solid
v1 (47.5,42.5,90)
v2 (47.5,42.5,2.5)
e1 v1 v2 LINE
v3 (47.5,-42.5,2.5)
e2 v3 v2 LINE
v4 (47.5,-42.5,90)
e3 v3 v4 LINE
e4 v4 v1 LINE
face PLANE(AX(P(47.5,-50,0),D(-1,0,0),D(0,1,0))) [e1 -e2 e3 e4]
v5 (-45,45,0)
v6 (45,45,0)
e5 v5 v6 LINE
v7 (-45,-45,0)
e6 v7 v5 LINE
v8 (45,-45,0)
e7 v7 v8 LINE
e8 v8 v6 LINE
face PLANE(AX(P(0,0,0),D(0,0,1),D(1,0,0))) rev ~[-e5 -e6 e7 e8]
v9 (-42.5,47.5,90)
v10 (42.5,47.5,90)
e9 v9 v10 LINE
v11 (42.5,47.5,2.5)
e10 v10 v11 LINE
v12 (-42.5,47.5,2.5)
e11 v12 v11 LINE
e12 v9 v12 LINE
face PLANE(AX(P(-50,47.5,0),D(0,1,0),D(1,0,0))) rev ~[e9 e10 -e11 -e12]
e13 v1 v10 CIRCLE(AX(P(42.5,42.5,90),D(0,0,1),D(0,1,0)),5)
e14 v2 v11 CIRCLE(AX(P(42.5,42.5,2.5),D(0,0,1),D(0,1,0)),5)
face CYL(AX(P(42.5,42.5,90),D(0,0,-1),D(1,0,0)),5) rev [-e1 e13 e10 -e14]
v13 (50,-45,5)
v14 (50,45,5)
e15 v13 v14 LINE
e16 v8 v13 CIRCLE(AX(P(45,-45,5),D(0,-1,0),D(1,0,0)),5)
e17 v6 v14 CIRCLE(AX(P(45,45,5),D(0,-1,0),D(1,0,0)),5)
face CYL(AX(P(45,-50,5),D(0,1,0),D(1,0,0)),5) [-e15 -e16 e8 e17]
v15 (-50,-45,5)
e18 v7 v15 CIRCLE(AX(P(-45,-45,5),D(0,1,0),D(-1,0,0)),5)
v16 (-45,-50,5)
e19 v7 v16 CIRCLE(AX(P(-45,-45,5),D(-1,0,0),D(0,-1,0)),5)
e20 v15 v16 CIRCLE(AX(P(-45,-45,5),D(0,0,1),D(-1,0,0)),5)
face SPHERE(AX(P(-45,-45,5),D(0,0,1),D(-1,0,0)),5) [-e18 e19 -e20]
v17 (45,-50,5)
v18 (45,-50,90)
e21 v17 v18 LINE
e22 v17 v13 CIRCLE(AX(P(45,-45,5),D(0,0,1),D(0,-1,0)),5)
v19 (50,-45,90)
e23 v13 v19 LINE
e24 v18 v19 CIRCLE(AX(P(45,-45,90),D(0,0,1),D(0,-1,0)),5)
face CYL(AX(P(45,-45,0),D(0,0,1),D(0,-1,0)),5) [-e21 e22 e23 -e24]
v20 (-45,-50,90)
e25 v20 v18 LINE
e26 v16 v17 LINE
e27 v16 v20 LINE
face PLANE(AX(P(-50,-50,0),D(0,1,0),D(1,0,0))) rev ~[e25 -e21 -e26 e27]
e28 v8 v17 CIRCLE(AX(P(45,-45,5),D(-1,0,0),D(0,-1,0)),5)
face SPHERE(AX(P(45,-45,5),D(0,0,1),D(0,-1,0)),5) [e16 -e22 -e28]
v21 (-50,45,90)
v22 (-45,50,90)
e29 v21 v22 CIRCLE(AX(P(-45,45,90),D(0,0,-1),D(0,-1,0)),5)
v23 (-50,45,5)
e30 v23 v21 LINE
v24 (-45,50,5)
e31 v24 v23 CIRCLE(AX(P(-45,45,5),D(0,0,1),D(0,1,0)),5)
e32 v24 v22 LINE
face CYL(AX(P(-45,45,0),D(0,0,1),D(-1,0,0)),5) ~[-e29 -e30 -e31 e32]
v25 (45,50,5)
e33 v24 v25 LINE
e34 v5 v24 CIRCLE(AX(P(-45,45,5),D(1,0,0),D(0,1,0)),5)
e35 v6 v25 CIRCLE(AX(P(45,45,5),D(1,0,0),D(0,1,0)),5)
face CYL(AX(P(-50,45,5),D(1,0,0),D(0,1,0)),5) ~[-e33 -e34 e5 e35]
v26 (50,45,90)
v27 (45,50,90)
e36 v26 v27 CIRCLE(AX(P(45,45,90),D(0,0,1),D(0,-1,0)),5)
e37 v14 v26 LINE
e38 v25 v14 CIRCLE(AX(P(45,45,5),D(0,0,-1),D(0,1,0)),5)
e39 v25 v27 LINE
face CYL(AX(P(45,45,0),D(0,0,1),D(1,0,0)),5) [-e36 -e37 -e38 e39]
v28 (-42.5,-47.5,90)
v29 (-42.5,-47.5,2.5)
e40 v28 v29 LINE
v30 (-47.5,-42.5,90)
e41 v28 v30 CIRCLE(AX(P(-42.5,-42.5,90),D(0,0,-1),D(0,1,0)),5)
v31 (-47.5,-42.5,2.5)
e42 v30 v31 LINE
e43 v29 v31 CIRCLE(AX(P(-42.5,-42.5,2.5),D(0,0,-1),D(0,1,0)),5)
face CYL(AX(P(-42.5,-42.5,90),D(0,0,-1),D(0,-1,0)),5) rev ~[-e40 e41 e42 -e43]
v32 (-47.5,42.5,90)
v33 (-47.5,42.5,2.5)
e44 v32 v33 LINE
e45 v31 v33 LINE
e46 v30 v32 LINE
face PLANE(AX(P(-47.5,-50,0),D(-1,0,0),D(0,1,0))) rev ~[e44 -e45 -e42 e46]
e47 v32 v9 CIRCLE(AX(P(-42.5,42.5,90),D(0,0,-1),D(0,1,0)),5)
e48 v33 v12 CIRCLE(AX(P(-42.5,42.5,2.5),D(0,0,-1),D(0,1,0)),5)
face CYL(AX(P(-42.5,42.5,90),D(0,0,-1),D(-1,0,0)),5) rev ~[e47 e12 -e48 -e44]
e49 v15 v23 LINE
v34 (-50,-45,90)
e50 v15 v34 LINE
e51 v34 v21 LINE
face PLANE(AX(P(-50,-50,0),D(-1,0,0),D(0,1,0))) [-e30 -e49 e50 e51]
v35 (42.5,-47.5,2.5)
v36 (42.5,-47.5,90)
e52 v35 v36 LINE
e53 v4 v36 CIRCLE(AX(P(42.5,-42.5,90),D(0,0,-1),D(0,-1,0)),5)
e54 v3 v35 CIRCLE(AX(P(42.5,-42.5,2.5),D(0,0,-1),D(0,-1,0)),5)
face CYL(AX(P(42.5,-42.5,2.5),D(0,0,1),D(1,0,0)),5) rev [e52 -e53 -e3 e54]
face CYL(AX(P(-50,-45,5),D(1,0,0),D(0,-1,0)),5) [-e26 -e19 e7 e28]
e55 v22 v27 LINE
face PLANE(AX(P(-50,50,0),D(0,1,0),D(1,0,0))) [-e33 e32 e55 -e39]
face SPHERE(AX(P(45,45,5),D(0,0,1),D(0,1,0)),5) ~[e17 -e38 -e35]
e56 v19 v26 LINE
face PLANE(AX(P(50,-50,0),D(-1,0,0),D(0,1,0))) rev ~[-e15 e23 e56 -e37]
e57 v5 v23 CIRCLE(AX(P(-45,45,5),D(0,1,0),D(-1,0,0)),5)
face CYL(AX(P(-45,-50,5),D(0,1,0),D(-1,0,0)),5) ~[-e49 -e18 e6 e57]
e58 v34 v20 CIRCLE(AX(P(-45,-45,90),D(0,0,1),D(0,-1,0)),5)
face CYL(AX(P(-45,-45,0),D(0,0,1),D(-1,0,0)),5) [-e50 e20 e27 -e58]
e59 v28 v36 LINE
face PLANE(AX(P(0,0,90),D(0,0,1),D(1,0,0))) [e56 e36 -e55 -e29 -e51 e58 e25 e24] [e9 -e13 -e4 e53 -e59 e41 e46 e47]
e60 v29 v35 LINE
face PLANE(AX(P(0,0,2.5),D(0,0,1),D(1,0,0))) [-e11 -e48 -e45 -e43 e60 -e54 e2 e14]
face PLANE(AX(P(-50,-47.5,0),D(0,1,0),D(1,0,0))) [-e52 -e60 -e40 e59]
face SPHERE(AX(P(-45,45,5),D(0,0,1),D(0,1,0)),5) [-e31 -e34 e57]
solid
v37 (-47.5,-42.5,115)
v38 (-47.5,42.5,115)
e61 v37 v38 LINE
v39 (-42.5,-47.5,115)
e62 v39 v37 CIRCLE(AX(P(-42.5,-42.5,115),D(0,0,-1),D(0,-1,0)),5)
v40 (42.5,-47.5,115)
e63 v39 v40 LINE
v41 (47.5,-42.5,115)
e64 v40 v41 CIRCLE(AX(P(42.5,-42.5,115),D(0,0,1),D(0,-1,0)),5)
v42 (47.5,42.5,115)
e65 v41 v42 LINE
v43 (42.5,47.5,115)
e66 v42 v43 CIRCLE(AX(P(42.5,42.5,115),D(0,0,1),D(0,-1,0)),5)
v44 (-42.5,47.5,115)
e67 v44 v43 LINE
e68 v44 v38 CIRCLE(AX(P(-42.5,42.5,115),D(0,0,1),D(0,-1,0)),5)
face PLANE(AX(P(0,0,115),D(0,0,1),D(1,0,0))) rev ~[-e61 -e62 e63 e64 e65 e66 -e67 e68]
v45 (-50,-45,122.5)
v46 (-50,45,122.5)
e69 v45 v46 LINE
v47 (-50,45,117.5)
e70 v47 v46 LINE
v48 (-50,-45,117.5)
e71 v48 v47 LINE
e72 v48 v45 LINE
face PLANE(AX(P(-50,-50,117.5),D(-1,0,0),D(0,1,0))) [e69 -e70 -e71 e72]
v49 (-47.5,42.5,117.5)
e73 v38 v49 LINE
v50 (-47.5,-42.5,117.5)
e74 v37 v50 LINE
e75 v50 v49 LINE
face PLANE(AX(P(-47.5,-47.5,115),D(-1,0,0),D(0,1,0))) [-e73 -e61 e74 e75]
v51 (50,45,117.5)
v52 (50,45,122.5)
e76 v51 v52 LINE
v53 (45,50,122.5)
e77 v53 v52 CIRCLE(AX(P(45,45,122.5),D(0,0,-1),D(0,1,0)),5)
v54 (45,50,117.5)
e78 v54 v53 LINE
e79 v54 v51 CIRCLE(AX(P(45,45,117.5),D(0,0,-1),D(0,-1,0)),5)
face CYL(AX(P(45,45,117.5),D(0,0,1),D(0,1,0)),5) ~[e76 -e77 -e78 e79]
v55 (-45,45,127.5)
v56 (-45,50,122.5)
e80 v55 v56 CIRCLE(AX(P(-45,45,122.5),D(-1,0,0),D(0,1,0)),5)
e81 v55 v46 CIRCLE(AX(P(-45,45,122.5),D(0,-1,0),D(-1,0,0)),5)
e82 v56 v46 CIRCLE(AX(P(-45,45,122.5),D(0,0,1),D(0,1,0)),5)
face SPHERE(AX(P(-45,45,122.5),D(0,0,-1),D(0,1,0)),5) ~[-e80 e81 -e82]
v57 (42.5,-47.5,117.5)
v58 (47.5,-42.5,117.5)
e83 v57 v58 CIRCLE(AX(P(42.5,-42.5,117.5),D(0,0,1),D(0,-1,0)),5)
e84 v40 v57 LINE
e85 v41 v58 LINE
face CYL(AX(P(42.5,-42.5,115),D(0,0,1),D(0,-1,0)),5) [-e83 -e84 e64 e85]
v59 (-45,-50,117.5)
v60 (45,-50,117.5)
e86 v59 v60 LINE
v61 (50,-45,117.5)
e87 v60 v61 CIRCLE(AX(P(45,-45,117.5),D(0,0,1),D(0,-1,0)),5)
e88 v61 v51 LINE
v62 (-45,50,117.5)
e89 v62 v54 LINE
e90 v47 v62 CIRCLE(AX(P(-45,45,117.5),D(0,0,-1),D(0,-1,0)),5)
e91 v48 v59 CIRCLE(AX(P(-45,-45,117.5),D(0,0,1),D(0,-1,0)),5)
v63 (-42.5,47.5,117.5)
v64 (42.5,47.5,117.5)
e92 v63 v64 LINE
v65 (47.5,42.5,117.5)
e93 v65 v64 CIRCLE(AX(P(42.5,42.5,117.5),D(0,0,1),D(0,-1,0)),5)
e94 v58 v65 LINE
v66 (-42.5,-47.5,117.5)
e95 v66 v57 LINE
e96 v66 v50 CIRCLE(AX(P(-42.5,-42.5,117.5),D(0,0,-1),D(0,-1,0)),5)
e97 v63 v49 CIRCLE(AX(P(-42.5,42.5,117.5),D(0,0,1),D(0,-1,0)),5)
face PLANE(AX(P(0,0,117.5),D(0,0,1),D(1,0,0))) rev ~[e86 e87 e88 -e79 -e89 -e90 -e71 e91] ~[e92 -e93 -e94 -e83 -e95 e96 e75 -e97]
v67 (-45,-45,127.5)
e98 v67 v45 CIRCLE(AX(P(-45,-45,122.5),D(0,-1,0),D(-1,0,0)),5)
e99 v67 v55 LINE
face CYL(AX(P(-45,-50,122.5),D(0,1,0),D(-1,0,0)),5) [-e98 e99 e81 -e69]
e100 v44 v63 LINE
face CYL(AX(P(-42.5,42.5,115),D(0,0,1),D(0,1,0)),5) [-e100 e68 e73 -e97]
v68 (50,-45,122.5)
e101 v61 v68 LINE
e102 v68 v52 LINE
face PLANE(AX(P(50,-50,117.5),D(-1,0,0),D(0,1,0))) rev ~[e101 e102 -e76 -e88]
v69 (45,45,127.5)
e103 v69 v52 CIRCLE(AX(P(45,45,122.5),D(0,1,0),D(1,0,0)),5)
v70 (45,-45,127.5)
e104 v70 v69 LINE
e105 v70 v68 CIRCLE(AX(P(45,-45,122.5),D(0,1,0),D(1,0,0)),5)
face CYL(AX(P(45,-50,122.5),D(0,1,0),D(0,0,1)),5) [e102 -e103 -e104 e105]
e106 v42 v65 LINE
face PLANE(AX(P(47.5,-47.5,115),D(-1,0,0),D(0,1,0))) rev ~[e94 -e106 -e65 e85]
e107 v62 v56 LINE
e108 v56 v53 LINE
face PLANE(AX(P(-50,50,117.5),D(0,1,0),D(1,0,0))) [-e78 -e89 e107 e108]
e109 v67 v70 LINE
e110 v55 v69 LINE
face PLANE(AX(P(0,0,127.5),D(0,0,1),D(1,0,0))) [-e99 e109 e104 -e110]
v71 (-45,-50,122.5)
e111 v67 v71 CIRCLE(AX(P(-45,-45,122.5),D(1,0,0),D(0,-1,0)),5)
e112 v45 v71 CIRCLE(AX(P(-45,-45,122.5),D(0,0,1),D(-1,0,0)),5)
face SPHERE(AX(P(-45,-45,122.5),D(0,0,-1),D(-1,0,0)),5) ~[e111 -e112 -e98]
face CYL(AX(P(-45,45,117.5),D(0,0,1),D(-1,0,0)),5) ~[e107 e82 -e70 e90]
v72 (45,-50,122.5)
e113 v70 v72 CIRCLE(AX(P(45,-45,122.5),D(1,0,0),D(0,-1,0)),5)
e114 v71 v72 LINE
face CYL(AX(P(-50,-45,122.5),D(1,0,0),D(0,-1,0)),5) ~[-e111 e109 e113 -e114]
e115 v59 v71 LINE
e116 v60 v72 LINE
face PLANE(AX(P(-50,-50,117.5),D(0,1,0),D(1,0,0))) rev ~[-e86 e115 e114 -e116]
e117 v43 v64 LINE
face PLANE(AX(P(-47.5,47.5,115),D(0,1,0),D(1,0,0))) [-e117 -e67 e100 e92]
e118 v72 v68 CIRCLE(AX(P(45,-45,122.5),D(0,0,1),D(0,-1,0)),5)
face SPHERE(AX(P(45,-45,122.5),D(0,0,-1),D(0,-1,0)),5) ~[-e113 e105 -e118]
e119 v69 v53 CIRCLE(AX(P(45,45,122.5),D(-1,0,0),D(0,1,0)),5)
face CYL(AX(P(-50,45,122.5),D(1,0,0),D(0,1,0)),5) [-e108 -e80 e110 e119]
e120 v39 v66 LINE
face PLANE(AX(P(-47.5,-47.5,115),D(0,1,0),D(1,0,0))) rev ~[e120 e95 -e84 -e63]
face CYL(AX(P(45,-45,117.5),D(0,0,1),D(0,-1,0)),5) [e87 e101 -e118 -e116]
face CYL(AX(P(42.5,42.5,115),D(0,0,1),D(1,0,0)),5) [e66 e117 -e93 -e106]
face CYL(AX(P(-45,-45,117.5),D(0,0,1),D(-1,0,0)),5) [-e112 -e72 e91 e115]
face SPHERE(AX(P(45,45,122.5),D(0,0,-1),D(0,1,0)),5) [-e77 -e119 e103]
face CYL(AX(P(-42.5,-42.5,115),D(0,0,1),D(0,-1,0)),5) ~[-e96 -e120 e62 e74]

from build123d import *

# Parameters (mm, degrees)
F0_W     = 100
F0_H     = 100
F1_DEPTH = 90
F2_T     = -2.5
F4_W     = 95
F4_H     = 95
F5_DEPTH = 2.5
F6_W     = 100
F6_H     = 100
F7_DEPTH = 10
F8_R     = 5
F8_2_R   = 5
F9_R     = 5
F9_2_R   = 5


with BuildPart() as f1:
    # F0 (on Top) → F1 (new body)
    with BuildSketch(Plane.XY):
        Rectangle(F0_W, F0_H)
    extrude(amount=F1_DEPTH)

    # F2
    f2_openings = [f1.faces().sort_by_distance(p)[0] for p in [
        (0, 0, 90),
    ]]
    offset(amount=F2_T, openings=f2_openings)

    # F8
    f8_edges = [f1.edges().sort_by_distance(p)[0] for p in [
        (50, 50, 45),
        (-50, 50, 45),
        (-50, -50, 45),
        (50, -50, 45),
        (0, 50, 0),
        (-50, 0, 0),
        (0, -50, 0),
        (50, 0, 0),
    ]]
    fillet(f8_edges, radius=F8_R)

    # F9
    f9_edges = [f1.edges().sort_by_distance(p)[0] for p in [
        (-47.5, 47.5, 46.25),
        (47.5, 47.5, 46.25),
        (47.5, -47.5, 46.25),
        (-47.5, -47.5, 46.25),
    ]]
    fillet(f9_edges, radius=F9_R)


with BuildPart() as f5:
    # F4 (on offset) → F5 (new body)
    with BuildSketch(Plane.XY.offset(115)):
        Rectangle(F4_W, F4_H)
    extrude(amount=F5_DEPTH)

    # F6 (on face) → F7 (join)
    with BuildSketch(Plane.XY.offset(117.5)):
        Rectangle(F6_W, F6_H)
    extrude(amount=F7_DEPTH)

    # F8#2
    f8_2_edges = [f5.edges().sort_by_distance(p)[0] for p in [
        (50, 50, 122.5),
        (-50, 50, 122.5),
        (-50, -50, 122.5),
        (50, -50, 122.5),
        (0, 50, 127.5),
        (-50, 0, 127.5),
        (0, -50, 127.5),
        (50, 0, 127.5),
    ]]
    fillet(f8_2_edges, radius=F8_2_R)

    # F9#2
    f9_2_edges = [f5.edges().sort_by_distance(p)[0] for p in [
        (47.5, 47.5, 116.25),
        (47.5, -47.5, 116.25),
        (-47.5, -47.5, 116.25),
        (-47.5, 47.5, 116.25),
    ]]
    fillet(f9_2_edges, radius=F9_2_R)


solid = Compound([f1.part, f5.part])
